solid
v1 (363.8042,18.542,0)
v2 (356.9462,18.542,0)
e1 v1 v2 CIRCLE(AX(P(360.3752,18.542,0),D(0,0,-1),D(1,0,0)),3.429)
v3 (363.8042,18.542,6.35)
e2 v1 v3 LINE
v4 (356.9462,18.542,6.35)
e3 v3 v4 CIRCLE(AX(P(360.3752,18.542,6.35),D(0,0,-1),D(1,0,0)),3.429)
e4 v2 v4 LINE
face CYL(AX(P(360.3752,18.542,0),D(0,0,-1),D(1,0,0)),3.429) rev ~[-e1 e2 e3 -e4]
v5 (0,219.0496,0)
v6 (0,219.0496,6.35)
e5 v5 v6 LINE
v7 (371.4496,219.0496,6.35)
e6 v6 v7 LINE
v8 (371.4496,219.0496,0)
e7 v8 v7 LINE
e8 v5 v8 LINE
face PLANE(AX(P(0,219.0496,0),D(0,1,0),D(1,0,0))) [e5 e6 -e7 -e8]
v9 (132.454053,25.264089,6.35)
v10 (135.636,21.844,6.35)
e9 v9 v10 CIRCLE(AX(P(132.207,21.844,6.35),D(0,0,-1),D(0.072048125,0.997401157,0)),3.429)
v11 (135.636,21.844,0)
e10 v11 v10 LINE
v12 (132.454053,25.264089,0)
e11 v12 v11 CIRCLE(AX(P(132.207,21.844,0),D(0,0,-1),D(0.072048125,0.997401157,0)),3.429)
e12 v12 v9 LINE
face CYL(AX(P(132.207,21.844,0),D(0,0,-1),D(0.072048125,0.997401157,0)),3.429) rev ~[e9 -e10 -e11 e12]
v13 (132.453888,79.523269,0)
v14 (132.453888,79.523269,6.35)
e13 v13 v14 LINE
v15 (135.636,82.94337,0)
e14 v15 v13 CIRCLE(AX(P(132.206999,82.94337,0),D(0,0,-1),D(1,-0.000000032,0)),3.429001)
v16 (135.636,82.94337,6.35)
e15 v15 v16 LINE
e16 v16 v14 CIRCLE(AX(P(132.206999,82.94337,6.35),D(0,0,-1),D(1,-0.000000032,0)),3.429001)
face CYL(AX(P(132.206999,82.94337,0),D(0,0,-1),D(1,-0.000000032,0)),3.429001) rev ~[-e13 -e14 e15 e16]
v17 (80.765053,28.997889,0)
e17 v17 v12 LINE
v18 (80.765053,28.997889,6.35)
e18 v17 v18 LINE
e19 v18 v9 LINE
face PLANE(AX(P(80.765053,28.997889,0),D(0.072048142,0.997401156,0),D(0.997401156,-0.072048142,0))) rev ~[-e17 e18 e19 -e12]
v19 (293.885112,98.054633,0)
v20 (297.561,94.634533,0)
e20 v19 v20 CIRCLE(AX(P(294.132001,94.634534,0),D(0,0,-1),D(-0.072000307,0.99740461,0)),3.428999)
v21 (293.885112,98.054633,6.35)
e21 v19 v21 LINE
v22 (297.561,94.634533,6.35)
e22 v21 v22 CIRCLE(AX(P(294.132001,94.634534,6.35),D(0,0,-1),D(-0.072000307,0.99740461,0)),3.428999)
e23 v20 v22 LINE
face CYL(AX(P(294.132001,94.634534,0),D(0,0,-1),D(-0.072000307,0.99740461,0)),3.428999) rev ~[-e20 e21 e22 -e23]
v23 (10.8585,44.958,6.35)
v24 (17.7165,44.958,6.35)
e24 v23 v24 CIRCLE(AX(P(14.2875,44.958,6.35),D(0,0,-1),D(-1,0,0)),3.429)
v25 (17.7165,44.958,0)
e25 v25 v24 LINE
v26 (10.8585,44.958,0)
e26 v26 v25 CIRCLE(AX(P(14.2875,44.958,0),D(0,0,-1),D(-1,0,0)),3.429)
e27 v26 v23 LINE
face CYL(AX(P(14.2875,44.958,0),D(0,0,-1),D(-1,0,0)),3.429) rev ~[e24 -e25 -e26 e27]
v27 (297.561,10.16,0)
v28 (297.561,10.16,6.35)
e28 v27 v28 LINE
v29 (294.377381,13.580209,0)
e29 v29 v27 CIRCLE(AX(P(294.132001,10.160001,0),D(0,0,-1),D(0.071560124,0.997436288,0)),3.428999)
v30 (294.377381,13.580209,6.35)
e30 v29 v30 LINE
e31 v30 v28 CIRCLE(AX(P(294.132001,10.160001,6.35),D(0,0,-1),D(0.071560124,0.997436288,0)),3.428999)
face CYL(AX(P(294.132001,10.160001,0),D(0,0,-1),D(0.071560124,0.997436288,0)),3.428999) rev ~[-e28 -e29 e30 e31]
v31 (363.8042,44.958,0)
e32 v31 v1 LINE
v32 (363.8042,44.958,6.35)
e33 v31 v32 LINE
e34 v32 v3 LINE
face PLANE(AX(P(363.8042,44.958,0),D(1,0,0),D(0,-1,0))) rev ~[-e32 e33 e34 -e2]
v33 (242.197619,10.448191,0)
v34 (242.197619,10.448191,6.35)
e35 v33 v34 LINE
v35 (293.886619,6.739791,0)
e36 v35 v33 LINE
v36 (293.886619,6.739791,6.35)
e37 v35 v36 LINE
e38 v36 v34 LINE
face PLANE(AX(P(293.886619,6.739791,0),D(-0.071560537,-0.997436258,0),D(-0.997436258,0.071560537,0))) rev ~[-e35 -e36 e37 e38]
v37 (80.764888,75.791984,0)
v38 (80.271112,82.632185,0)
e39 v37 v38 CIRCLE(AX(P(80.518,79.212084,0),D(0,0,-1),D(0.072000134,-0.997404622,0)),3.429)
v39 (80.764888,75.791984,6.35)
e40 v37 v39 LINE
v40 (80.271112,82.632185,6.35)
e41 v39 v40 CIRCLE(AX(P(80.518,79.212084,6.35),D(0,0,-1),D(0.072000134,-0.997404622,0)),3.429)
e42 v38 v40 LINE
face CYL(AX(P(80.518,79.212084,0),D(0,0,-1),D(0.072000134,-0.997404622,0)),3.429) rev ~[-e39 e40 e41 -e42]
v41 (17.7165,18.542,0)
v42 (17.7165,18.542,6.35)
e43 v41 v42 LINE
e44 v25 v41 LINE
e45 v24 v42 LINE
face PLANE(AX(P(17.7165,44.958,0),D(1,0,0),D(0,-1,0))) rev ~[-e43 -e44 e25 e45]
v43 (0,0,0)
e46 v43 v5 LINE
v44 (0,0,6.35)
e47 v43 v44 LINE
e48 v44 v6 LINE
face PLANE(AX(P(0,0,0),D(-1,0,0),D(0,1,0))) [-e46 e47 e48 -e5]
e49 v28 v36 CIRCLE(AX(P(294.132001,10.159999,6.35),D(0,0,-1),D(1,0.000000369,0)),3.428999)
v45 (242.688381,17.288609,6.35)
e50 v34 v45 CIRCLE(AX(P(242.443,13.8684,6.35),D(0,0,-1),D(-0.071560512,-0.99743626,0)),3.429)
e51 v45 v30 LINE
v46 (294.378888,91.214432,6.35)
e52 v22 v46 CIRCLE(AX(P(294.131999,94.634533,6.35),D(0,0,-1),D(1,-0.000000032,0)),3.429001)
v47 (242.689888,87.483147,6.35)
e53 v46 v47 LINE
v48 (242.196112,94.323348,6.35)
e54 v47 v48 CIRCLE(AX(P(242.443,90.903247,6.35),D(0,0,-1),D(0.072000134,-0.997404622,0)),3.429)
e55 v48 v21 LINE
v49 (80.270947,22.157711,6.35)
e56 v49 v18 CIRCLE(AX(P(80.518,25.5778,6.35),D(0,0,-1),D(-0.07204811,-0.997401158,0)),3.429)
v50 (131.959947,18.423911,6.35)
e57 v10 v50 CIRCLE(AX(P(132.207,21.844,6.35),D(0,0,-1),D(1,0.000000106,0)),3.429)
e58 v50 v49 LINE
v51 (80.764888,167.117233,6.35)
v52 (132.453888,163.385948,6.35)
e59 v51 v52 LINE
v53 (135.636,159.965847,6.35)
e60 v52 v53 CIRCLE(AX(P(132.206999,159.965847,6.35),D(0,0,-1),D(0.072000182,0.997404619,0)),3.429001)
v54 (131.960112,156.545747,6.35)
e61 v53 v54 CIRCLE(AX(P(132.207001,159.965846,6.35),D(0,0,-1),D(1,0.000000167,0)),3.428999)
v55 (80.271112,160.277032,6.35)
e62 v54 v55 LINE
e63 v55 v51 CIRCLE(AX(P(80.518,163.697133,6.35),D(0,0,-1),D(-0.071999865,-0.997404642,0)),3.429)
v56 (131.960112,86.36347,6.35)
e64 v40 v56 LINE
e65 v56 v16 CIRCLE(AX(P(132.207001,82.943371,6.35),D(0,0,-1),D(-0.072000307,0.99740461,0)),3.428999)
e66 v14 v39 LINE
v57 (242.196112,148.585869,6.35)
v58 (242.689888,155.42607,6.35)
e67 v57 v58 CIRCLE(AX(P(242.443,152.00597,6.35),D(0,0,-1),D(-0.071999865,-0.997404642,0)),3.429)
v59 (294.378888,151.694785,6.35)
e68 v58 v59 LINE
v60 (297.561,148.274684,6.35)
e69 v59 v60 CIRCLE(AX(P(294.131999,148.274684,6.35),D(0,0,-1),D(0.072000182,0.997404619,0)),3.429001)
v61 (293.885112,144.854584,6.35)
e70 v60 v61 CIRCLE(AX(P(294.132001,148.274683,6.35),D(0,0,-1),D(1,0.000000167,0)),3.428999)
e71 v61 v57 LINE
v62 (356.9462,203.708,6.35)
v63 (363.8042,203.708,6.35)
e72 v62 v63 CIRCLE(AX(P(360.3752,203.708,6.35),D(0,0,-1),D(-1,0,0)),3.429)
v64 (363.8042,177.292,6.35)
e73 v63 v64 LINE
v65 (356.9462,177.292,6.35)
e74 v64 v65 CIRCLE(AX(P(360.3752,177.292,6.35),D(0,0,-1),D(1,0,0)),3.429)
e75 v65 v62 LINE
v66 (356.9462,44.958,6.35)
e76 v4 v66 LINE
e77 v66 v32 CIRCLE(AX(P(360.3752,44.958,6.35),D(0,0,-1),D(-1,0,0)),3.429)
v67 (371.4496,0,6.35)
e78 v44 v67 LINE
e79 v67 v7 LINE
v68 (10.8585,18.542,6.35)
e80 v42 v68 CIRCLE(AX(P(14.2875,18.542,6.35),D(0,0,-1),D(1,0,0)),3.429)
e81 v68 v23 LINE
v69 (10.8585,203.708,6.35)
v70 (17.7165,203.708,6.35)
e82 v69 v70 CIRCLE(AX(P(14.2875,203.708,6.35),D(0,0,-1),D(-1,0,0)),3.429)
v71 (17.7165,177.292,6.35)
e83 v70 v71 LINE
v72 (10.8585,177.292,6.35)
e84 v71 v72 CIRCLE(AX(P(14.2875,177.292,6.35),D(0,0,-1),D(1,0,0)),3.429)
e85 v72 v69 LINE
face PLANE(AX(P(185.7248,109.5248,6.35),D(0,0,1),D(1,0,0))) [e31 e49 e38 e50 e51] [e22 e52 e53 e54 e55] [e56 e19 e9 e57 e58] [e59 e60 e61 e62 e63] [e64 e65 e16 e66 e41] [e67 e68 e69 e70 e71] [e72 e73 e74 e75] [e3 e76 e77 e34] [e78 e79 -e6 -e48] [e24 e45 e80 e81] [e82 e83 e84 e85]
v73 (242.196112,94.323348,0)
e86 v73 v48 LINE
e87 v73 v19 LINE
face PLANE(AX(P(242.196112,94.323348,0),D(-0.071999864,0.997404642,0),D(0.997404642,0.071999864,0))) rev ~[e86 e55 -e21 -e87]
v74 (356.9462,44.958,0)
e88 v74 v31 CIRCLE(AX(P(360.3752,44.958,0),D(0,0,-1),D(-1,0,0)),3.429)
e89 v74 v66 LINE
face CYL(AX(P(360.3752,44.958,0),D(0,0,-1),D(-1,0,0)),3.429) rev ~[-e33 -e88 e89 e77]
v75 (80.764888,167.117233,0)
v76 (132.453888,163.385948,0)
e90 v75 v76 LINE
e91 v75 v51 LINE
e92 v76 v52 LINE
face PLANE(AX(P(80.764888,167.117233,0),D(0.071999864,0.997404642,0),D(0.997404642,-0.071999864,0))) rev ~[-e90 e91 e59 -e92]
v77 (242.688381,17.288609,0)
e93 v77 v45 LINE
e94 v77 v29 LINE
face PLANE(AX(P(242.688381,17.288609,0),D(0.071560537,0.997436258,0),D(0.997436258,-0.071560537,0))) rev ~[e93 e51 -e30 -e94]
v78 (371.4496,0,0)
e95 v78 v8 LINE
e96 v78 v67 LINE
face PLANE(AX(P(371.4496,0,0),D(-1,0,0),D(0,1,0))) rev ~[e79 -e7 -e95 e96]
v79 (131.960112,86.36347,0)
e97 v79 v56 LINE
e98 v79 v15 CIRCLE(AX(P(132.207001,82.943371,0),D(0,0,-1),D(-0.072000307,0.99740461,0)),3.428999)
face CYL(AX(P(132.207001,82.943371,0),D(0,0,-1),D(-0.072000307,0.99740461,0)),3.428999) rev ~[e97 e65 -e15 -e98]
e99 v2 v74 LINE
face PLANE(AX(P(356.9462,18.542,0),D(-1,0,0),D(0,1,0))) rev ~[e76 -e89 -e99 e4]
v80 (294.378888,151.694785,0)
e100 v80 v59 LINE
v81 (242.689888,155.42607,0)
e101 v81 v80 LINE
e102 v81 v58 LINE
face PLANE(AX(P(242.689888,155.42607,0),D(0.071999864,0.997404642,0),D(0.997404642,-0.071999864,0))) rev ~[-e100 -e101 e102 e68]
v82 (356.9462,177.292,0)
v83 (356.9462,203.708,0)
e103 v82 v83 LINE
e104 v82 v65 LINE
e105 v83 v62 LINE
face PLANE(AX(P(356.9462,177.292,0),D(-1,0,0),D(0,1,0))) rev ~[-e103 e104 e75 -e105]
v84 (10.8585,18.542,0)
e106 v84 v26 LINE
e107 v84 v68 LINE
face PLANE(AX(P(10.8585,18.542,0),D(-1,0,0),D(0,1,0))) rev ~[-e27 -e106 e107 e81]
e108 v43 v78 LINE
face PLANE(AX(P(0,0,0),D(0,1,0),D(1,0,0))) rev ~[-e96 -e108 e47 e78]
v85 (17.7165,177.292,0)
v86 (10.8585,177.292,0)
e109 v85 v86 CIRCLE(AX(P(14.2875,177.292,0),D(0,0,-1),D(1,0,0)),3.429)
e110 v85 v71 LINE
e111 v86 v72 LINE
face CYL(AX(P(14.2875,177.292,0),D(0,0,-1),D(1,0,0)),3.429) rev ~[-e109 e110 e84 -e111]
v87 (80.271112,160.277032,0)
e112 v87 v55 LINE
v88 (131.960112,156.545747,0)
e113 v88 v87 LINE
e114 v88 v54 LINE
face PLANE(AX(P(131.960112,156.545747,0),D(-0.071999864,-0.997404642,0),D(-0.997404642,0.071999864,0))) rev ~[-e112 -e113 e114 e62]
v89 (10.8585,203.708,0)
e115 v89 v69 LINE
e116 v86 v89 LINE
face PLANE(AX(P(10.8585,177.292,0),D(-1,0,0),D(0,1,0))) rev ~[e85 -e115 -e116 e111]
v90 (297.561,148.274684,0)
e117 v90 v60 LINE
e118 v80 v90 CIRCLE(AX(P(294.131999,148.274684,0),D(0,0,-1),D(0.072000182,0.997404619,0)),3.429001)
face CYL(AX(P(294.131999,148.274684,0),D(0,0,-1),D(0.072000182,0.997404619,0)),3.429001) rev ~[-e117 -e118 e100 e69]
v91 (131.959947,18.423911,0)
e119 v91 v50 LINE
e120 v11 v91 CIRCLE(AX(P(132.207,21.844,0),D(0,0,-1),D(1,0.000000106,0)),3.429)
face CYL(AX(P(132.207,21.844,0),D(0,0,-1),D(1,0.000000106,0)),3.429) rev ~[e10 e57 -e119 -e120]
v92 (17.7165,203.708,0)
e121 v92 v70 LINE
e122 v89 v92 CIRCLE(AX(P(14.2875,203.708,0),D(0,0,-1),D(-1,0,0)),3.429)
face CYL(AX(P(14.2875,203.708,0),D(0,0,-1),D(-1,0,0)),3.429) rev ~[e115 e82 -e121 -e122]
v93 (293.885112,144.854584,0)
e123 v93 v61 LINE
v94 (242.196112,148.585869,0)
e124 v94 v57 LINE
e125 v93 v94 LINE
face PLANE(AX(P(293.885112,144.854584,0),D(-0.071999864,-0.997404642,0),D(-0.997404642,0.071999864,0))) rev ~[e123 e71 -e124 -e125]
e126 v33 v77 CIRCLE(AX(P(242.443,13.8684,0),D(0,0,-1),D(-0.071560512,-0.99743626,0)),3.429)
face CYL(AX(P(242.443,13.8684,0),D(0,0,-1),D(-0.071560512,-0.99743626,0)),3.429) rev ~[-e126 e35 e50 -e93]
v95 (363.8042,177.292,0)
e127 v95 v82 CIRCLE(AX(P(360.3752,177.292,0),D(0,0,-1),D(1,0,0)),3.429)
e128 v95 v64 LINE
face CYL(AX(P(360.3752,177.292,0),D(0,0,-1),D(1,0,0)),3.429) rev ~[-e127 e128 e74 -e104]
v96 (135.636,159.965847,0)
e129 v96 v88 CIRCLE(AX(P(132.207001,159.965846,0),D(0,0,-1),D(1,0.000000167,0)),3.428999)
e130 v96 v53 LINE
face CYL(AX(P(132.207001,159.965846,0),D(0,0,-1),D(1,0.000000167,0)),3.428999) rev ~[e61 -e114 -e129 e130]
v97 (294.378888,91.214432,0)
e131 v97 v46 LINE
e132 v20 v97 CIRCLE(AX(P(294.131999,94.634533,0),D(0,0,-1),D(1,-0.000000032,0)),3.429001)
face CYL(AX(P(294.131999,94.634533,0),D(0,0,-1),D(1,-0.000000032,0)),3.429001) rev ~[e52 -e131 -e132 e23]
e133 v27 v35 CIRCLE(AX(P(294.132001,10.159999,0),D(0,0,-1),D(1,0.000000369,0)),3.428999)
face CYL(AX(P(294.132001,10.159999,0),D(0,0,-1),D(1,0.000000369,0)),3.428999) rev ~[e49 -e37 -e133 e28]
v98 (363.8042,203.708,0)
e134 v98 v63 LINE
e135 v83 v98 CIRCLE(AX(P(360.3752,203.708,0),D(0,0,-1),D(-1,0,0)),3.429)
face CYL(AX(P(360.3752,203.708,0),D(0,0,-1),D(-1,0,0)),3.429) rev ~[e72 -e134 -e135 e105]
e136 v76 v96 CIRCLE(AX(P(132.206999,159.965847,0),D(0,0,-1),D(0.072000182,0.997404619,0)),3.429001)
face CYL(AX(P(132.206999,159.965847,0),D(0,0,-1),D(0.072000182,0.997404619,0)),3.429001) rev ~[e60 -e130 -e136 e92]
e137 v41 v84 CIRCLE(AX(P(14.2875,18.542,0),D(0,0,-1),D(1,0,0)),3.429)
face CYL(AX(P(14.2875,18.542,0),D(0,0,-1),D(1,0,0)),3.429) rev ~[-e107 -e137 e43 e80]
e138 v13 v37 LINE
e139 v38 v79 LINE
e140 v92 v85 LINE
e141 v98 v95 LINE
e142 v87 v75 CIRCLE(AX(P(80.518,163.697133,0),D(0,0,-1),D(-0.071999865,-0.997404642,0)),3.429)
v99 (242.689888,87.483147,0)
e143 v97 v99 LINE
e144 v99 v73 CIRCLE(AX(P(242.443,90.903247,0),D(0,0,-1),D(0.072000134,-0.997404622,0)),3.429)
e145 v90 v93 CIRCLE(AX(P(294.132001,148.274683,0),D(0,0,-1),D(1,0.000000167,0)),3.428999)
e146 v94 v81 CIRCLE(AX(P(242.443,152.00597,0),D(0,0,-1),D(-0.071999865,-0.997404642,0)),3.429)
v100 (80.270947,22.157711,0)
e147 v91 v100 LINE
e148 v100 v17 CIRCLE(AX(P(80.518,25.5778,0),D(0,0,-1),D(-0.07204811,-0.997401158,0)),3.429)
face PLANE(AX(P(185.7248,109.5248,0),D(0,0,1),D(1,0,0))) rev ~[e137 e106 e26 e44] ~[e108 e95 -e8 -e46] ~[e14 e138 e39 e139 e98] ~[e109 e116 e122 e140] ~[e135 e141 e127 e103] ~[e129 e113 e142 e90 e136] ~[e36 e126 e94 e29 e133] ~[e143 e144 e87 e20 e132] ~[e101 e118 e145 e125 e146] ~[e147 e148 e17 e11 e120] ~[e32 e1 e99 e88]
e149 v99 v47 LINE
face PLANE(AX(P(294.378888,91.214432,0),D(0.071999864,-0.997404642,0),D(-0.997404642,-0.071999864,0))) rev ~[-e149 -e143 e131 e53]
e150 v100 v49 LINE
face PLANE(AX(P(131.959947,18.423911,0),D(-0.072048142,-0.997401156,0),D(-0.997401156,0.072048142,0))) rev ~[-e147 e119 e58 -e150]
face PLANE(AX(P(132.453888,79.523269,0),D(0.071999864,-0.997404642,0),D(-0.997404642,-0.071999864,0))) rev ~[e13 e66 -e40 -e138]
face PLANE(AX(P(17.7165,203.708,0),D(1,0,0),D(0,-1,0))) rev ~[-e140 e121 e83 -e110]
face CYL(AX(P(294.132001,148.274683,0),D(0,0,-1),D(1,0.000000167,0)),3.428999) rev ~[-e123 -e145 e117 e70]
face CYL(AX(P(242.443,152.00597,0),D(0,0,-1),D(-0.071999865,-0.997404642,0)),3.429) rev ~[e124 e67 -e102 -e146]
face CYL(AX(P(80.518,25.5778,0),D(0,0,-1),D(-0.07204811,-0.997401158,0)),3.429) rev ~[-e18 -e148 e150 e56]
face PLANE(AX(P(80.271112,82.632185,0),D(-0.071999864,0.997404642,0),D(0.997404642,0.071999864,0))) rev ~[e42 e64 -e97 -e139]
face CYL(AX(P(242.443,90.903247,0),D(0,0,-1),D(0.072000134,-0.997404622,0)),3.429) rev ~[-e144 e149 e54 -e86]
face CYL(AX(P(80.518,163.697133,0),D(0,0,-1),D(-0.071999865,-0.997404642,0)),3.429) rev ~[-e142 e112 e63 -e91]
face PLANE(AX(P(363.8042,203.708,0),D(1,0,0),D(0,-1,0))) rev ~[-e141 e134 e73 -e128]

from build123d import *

# Parameters (mm, degrees)
F0_W     = 371.4496
F0_H     = 219.0496
F1_DEPTH = 6.35


with BuildPart() as f1:
    # F0 (on Top) → F1 (new body)
    with BuildSketch(Plane.XY):
        with Locations((185.7248, 109.5248)):
            Rectangle(F0_W, F0_H)
        with BuildLine():
            ThreePointArc((10.8585, 44.958), (14.2875, 48.387), (17.7165, 44.958))
            Line((17.7165, 44.958), (17.7165, 18.542))
            ThreePointArc((17.7165, 18.542), (14.2875, 15.113), (10.8585, 18.542))
            Line((10.8585, 18.542), (10.8585, 44.958))
        make_face(mode=Mode.SUBTRACT)
        with BuildLine():
            ThreePointArc((80.270947, 22.157711), (77.097911, 25.824853), (80.765053, 28.997889))
            Line((80.765053, 28.997889), (132.454053, 25.264089))
            ThreePointArc((132.454053, 25.264089), (134.717497, 24.17969), (135.636, 21.844))
            ThreePointArc((135.636, 21.844), (134.54269, 19.333503), (131.959947, 18.423911))
            Line((131.959947, 18.423911), (80.270947, 22.157711))
        make_face(mode=Mode.SUBTRACT)
        with BuildLine():
            ThreePointArc((80.764888, 75.791984), (77.097899, 78.965197), (80.271112, 82.632185))
            Line((80.271112, 82.632185), (131.960112, 86.36347))
            ThreePointArc((131.960112, 86.36347), (134.542751, 85.45381), (135.636, 82.94337))
            ThreePointArc((135.636, 82.94337), (134.71744, 80.607619), (132.453888, 79.523269))
            Line((132.453888, 79.523269), (80.764888, 75.791984))
        make_face(mode=Mode.SUBTRACT)
        with BuildLine():
            ThreePointArc((242.197619, 10.448191), (239.022791, 14.113781), (242.688381, 17.288609))
            Line((242.688381, 17.288609), (294.377381, 13.580209))
            ThreePointArc((294.377381, 13.580209), (296.641926, 12.496304), (297.561, 10.16))
            ThreePointArc((297.561, 10.16), (296.468304, 7.650074), (293.886619, 6.739791))
            Line((293.886619, 6.739791), (242.197619, 10.448191))
        make_face(mode=Mode.SUBTRACT)
        with BuildLine():
            Line((363.8042, 44.958), (363.8042, 18.542))
            ThreePointArc((363.8042, 18.542), (360.3752, 15.113), (356.9462, 18.542))
            Line((356.9462, 18.542), (356.9462, 44.958))
            ThreePointArc((356.9462, 44.958), (360.3752, 48.387), (363.8042, 44.958))
        make_face(mode=Mode.SUBTRACT)
        with BuildLine():
            ThreePointArc((242.689888, 87.483147), (239.022899, 90.65636), (242.196112, 94.323348))
            Line((242.196112, 94.323348), (293.885112, 98.054633))
            ThreePointArc((293.885112, 98.054633), (296.467751, 97.144973), (297.561, 94.634533))
            ThreePointArc((297.561, 94.634533), (296.64244, 92.298782), (294.378888, 91.214432))
            Line((294.378888, 91.214432), (242.689888, 87.483147))
        make_face(mode=Mode.SUBTRACT)
        with BuildLine():
            ThreePointArc((80.271112, 160.277032), (77.097899, 163.94402), (80.764888, 167.117233))
            Line((80.764888, 167.117233), (132.453888, 163.385948))
            ThreePointArc((132.453888, 163.385948), (134.71744, 162.301598), (135.636, 159.965847))
            ThreePointArc((135.636, 159.965847), (134.542751, 157.455407), (131.960112, 156.545747))
            Line((131.960112, 156.545747), (80.271112, 160.277032))
        make_face(mode=Mode.SUBTRACT)
        with BuildLine():
            ThreePointArc((10.8585, 203.708), (14.2875, 207.137), (17.7165, 203.708))
            Line((17.7165, 203.708), (17.7165, 177.292))
            ThreePointArc((17.7165, 177.292), (14.2875, 173.863), (10.8585, 177.292))
            Line((10.8585, 177.292), (10.8585, 203.708))
        make_face(mode=Mode.SUBTRACT)
        with BuildLine():
            ThreePointArc((242.196112, 148.585869), (239.022899, 152.252857), (242.689888, 155.42607))
            Line((242.689888, 155.42607), (294.378888, 151.694785))
            ThreePointArc((294.378888, 151.694785), (296.64244, 150.610435), (297.561, 148.274684))
            ThreePointArc((297.561, 148.274684), (296.467751, 145.764244), (293.885112, 144.854584))
            Line((293.885112, 144.854584), (242.196112, 148.585869))
        make_face(mode=Mode.SUBTRACT)
        with BuildLine():
            ThreePointArc((356.9462, 203.708), (360.3752, 207.137), (363.8042, 203.708))
            Line((363.8042, 203.708), (363.8042, 177.292))
            ThreePointArc((363.8042, 177.292), (360.3752, 173.863), (356.9462, 177.292))
            Line((356.9462, 177.292), (356.9462, 203.708))
        make_face(mode=Mode.SUBTRACT)
    extrude(amount=F1_DEPTH)


solid = f1.part
